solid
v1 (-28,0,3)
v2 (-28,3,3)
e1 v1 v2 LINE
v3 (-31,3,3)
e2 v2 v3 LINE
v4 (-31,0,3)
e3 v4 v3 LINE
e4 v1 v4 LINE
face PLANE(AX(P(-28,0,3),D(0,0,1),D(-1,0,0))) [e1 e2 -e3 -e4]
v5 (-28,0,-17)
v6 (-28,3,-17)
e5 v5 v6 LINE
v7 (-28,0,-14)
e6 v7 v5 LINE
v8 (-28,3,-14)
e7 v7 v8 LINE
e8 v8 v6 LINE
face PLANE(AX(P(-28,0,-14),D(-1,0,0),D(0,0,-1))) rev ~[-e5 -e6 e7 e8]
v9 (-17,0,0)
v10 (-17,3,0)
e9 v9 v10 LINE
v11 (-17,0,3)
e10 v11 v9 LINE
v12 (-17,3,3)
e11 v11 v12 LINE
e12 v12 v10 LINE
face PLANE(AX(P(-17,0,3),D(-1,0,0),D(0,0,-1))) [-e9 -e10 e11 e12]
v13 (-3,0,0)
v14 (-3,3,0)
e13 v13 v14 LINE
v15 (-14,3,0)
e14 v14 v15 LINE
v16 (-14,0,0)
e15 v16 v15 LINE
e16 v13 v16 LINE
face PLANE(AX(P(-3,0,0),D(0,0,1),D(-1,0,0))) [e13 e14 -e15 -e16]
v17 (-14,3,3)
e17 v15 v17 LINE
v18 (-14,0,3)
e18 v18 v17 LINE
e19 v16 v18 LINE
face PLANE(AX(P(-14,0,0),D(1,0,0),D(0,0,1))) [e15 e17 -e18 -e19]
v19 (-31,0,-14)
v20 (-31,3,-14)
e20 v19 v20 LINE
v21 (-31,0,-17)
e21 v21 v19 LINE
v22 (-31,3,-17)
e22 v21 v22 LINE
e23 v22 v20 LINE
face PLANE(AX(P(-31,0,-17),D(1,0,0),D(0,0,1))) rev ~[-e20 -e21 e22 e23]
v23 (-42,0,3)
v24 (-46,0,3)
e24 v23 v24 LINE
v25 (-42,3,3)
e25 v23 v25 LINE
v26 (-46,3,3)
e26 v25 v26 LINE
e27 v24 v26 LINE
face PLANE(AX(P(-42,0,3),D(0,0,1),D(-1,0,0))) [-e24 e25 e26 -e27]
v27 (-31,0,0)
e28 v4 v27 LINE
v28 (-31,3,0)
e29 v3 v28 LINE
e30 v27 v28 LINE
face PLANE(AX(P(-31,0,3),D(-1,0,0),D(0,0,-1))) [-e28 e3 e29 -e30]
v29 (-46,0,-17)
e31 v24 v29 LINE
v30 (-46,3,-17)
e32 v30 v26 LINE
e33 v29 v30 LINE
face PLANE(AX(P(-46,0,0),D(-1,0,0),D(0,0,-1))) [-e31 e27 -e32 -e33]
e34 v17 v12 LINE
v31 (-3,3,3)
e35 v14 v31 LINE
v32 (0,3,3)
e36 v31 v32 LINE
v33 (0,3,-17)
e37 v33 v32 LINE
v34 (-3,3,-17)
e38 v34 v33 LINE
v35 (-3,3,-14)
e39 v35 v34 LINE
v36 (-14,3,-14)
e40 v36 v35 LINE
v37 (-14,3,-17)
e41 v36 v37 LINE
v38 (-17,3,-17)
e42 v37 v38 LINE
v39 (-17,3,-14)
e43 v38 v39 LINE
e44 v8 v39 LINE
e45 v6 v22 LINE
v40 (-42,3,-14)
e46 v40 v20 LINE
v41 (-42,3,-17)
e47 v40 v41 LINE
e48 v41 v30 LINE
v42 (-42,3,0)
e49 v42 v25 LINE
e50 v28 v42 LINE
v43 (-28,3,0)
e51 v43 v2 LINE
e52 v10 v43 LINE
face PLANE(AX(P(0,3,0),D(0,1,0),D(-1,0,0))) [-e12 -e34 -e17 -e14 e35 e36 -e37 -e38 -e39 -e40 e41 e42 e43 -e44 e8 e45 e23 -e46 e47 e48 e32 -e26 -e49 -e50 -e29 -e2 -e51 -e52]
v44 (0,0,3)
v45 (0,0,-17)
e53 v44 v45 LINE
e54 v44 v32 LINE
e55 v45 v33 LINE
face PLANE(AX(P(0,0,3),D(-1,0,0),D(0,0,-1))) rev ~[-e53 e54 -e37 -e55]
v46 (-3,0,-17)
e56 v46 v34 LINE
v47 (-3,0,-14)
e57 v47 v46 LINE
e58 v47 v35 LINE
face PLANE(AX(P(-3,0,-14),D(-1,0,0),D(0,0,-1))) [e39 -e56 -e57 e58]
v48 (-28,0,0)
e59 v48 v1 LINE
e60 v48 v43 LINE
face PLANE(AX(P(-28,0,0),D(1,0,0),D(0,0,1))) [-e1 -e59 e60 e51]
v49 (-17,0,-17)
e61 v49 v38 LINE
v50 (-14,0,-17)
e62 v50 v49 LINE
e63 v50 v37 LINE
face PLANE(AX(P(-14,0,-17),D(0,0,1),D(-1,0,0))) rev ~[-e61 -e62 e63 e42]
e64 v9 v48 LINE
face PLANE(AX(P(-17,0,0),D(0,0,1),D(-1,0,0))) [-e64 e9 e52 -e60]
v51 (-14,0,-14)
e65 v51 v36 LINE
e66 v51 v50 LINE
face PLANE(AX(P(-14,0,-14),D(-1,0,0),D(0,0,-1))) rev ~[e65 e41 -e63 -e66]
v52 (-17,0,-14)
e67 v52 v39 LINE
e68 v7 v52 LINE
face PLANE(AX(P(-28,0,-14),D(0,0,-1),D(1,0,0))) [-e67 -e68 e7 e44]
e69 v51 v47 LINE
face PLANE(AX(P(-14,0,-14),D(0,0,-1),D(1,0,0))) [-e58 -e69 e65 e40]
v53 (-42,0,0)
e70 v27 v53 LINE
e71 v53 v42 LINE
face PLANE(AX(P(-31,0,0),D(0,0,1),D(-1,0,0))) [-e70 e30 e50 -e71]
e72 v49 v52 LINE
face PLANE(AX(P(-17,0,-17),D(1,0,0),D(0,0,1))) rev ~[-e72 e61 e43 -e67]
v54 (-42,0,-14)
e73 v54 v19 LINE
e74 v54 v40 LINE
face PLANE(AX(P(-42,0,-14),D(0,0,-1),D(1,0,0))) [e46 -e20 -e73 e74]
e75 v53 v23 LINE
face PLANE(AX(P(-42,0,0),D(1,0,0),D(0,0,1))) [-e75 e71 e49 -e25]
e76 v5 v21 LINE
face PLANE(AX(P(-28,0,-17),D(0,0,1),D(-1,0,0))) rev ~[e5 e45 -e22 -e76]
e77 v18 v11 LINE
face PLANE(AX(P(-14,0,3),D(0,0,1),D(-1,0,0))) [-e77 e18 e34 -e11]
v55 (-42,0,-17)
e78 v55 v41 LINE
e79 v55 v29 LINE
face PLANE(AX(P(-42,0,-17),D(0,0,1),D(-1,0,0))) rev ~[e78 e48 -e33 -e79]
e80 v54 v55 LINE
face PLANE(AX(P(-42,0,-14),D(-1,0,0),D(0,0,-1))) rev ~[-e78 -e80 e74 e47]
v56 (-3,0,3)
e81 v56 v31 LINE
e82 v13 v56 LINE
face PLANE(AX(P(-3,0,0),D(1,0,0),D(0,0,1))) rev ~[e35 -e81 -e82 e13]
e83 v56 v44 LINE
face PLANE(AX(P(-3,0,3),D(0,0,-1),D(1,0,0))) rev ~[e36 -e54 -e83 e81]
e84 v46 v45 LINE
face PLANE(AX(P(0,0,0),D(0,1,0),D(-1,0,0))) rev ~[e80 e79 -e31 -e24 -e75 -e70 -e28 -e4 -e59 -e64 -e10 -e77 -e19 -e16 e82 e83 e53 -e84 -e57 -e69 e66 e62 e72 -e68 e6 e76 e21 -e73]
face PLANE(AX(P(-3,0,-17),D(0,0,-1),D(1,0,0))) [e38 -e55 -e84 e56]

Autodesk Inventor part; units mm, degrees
ref_plane "YZ Plane" through (0, 0, 0) normal (1, 0, 0) x (0, 1, 0)
ref_plane "XZ Plane" through (0, 0, 0) normal (0, 1, 0) x (-1, 0, 0)
ref_plane "XY Plane" through (0, 0, 0) normal (0, 0, 1) x (1, 0, 0)
sketch "草圖2" plane through (0, 0, 0) normal (0, 1, 0) x (-1, 0, 0)
  line L0 (0, 0) -> (31, 0)
  line L1 (31, 0) -> (31, -14)
  line L2 (31, -14) -> (0, -14)
  line L3 (0, -14) -> (0, 0)
  line L4 (31, -14) -> (28, -14)
  line L5 (28, -14) -> (28, -17)
  line L6 (28, -17) -> (31, -17)
  line L7 (31, -17) -> (31, -14)
  line L8 (31, -7) -> (0, -7)
  line L9 (15.5, -14) -> (15.5, 0)
  line L10 (28, 0) -> (28, 3)
  line L11 (28, 3) -> (31, 3)
  line L12 (31, 3) -> (31, 0)
  line L13 (3, -14) -> (3, -17)
  line L14 (3, -17) -> (0, -17)
  line L15 (0, -17) -> (0, -14)
  line L16 (3, 0) -> (3, 3)
  line L17 (3, 3) -> (0, 3)
  line L18 (0, 3) -> (0, 0)
  line L19 (17, -14) -> (14, -14)
  line L20 (14, -14) -> (14, -17)
  line L21 (14, -17) -> (17, -17)
  line L22 (17, -17) -> (17, -14)
  line L23 (14, 0) -> (14, 3)
  line L24 (14, 3) -> (17, 3)
  line L25 (17, 3) -> (17, 0)
  line L26 (31, 0) -> (46, 0)
  line L27 (46, 0) -> (46, -14)
  line L28 (46, -14) -> (31, -14)
  line L29 (31, -14) -> (31, 0)
  line L30 (45, -14) -> (42, -14)
  line L31 (42, -14) -> (42, -17)
  line L32 (42, 0) -> (42, 3)
  line L33 (42, -17) -> (46, -17)
  line L34 (46, -14) -> (46, -17)
  line L35 (42, 3) -> (46, 3)
  line L36 (46, 0) -> (46, 3)
  point P0 (44, 3)
  dimension "d9" = 31
  dimension "d10" = 14
  dimension "d11" = 3
  dimension "d12" = 3
  dimension "d13" = 3
  dimension "d14" = 3
  dimension "d18" = 11
  dimension "d21" = 14
  dimension "d22" = 46
  dimension "d23" = 20
extrude "擠出2" add sketch "草圖2" along normal blind 3
properties material "MDF Medium Density Fiberboard"
